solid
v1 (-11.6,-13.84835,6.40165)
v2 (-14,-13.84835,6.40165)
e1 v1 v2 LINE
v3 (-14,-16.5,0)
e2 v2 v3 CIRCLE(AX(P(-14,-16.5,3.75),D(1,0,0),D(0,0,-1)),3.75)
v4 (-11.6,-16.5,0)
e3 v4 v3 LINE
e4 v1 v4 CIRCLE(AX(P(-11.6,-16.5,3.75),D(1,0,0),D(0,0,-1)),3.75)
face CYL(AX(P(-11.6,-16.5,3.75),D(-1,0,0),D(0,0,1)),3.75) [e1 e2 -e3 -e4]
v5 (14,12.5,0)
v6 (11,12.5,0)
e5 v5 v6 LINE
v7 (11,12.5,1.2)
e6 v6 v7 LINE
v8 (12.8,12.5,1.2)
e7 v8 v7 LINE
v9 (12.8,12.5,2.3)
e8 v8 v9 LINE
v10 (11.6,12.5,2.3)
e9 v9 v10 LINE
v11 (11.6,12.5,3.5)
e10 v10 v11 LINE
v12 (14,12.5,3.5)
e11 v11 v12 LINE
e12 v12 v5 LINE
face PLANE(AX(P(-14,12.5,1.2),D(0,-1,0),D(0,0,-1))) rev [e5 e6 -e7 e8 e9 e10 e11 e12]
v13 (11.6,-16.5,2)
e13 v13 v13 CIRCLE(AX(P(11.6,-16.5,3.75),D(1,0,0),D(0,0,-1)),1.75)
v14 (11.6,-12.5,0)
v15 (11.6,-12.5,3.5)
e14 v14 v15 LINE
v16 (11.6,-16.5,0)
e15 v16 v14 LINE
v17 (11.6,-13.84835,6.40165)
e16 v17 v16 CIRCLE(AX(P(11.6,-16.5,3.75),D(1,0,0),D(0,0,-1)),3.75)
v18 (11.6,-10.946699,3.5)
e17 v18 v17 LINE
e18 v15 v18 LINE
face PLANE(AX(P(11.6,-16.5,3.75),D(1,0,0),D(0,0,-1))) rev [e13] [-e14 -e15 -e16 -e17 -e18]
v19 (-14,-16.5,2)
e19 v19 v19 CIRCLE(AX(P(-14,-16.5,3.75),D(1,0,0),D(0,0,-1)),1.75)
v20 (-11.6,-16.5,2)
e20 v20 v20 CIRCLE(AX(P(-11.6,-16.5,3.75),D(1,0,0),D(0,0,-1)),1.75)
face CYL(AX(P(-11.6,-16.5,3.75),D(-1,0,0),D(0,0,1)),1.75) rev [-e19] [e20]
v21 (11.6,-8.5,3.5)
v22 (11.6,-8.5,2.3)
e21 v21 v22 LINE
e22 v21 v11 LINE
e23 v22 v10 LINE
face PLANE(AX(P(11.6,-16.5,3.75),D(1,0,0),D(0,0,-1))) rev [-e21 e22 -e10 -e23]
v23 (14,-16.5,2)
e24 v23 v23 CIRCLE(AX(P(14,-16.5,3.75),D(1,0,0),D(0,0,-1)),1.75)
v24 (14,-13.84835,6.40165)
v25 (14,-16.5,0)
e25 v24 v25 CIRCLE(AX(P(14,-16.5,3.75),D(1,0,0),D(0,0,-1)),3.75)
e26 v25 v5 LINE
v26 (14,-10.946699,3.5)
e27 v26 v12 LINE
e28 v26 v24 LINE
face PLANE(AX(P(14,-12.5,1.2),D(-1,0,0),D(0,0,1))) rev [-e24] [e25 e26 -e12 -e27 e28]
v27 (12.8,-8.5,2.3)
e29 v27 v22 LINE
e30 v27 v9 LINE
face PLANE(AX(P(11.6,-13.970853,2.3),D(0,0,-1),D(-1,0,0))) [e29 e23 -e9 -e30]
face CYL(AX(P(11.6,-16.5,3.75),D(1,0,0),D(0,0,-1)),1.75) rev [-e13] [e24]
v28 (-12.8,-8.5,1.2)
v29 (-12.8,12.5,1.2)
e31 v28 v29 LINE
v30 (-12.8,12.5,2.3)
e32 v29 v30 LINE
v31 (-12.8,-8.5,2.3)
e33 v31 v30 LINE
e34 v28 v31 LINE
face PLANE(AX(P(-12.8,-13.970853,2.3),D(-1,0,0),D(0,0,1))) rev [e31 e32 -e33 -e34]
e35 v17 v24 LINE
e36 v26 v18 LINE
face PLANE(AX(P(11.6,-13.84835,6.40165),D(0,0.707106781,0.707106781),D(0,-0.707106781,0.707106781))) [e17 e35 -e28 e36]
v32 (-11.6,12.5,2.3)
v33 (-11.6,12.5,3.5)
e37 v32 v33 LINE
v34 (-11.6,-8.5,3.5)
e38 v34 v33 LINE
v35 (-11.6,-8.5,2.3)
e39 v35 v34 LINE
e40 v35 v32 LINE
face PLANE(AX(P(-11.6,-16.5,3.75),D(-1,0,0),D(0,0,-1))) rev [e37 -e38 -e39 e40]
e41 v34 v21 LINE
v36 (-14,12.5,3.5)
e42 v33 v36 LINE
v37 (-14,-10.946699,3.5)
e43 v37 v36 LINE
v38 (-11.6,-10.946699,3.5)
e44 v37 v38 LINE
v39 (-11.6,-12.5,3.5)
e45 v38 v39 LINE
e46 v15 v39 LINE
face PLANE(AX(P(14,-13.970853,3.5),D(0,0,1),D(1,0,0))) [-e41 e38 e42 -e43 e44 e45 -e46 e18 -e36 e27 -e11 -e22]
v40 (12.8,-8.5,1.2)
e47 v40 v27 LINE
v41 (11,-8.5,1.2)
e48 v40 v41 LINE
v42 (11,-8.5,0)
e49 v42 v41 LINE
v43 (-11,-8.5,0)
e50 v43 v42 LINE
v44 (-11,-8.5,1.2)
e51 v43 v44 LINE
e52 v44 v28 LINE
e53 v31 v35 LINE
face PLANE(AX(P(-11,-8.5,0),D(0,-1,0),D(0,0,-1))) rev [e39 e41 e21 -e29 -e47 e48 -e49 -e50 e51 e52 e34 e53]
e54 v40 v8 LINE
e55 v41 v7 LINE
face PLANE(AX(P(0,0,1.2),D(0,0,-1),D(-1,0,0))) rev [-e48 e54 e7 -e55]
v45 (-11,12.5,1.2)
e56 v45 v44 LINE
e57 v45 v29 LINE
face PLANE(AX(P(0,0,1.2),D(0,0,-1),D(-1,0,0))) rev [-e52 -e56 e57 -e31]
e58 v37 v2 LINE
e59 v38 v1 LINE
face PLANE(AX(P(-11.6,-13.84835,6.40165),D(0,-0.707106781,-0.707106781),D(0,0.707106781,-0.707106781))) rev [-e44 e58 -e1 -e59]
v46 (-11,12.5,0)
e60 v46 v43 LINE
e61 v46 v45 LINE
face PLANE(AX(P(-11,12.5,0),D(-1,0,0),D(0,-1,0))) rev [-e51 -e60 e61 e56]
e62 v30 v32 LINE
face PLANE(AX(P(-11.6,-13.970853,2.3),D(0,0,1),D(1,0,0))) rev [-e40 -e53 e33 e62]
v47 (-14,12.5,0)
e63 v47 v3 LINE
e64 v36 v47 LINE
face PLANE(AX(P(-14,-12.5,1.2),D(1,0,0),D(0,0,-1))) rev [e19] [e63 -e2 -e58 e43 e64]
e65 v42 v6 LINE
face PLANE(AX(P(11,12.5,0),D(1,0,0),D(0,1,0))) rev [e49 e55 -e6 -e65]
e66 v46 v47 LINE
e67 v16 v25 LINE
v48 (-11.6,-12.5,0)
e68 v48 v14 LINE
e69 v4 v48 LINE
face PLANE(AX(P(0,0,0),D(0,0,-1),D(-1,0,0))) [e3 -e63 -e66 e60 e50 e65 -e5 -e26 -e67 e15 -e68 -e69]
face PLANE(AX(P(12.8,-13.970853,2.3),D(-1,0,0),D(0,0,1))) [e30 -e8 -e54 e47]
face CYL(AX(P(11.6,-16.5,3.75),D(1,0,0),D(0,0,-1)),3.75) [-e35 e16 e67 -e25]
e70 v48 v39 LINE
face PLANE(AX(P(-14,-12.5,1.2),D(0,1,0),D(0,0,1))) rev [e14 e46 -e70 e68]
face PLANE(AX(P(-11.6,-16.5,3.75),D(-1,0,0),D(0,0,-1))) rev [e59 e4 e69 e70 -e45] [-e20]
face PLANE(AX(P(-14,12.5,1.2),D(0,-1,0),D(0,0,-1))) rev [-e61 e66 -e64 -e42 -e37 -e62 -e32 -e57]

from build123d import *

# Parameters (mm, degrees)
SCHIZZO1_W                   = 28
SCHIZZO1_H                   = 25
ESTRUSIONE_ESTRUSIONE1_DEPTH = 1.2
SCHIZZO4_W                   = 22
SCHIZZO4_H                   = 21
TAGLIO_ESTRUSIONE1_DEPTH     = 19.806647761
SCHIZZO2_R                   = 1.75
ESTRUSIONE_ESTRUSIONE2_DEPTH = 2.4
ESTRUSIONE_ESTRUSIONE3_DEPTH = 23.146699141
SCHIZZO5_W                   = 28
SCHIZZO5_H                   = 4
ESTRUSIONE_ESTRUSIONE4_DEPTH = 2.3


with BuildPart() as part:
    # Schizzo1 → Estrusione-Estrusione1 (new body)
    with BuildSketch(Plane.XY):
        Rectangle(SCHIZZO1_W, SCHIZZO1_H)
    extrude(amount=ESTRUSIONE_ESTRUSIONE1_DEPTH)

    # Schizzo4 → Taglio-Estrusione1 (cut, through all)
    with BuildSketch(Plane.XY.offset(1.2)):
        with Locations((0, 2)):
            Rectangle(SCHIZZO4_W, SCHIZZO4_H)
    extrude(amount=-TAGLIO_ESTRUSIONE1_DEPTH, mode=Mode.SUBTRACT)

    # Schizzo2 → Estrusione-Estrusione2 (add)
    with BuildSketch(Plane(origin=(14, 0, 0), x_dir=(0, 0, -1), z_dir=(1, 0, 0))):
        with BuildLine():
            Line((0, -12.5), (0, -16.5))
            ThreePointArc((0, -16.5), (-5.185062871, -19.964548247), (-6.401650429, -13.848349571))
            Line((-6.401650429, -13.848349571), (-3.2, -10.646699141))
            Line((-3.2, -10.646699141), (-1.2, -10.646699141))
            Line((-1.2, -10.646699141), (-1.2, -12.5))
            Line((-1.2, -12.5), (0, -12.5))
        make_face()
        with Locations((-3.75, -16.5)):
            Circle(SCHIZZO2_R, mode=Mode.SUBTRACT)
    estrusione_estrusione2 = extrude(amount=-ESTRUSIONE_ESTRUSIONE2_DEPTH)

    # Schizzo3 → Estrusione-Estrusione3 (add)
    with BuildSketch(Plane(origin=(0, 12.5, 0), x_dir=(1, 0, 0), z_dir=(0, 1, 0))):
        Polygon((14, -1.2), (14, -3.5), (11.6, -3.5), (11.6, -2.3), (12.8, -2.3), (12.8, -1.2), align=None)
    estrusione_estrusione3 = extrude(amount=-ESTRUSIONE_ESTRUSIONE3_DEPTH)

    # Specchia1: Estrusione-Estrusione2, Estrusione-Estrusione3 across plane
    add(estrusione_estrusione2.mirror(Plane(origin=(0, 0, 0), x_dir=(0, 0, 1), z_dir=(1, 0, 0))))
    add(estrusione_estrusione3.mirror(Plane(origin=(0, 0, 0), x_dir=(0, 0, 1), z_dir=(1, 0, 0))))

    # Schizzo5 → Estrusione-Estrusione4 (add)
    with BuildSketch(Plane.XY.offset(1.2)):
        with Locations((0, -10.5)):
            Rectangle(SCHIZZO5_W, SCHIZZO5_H)
    extrude(amount=ESTRUSIONE_ESTRUSIONE4_DEPTH)


solid = part.part
